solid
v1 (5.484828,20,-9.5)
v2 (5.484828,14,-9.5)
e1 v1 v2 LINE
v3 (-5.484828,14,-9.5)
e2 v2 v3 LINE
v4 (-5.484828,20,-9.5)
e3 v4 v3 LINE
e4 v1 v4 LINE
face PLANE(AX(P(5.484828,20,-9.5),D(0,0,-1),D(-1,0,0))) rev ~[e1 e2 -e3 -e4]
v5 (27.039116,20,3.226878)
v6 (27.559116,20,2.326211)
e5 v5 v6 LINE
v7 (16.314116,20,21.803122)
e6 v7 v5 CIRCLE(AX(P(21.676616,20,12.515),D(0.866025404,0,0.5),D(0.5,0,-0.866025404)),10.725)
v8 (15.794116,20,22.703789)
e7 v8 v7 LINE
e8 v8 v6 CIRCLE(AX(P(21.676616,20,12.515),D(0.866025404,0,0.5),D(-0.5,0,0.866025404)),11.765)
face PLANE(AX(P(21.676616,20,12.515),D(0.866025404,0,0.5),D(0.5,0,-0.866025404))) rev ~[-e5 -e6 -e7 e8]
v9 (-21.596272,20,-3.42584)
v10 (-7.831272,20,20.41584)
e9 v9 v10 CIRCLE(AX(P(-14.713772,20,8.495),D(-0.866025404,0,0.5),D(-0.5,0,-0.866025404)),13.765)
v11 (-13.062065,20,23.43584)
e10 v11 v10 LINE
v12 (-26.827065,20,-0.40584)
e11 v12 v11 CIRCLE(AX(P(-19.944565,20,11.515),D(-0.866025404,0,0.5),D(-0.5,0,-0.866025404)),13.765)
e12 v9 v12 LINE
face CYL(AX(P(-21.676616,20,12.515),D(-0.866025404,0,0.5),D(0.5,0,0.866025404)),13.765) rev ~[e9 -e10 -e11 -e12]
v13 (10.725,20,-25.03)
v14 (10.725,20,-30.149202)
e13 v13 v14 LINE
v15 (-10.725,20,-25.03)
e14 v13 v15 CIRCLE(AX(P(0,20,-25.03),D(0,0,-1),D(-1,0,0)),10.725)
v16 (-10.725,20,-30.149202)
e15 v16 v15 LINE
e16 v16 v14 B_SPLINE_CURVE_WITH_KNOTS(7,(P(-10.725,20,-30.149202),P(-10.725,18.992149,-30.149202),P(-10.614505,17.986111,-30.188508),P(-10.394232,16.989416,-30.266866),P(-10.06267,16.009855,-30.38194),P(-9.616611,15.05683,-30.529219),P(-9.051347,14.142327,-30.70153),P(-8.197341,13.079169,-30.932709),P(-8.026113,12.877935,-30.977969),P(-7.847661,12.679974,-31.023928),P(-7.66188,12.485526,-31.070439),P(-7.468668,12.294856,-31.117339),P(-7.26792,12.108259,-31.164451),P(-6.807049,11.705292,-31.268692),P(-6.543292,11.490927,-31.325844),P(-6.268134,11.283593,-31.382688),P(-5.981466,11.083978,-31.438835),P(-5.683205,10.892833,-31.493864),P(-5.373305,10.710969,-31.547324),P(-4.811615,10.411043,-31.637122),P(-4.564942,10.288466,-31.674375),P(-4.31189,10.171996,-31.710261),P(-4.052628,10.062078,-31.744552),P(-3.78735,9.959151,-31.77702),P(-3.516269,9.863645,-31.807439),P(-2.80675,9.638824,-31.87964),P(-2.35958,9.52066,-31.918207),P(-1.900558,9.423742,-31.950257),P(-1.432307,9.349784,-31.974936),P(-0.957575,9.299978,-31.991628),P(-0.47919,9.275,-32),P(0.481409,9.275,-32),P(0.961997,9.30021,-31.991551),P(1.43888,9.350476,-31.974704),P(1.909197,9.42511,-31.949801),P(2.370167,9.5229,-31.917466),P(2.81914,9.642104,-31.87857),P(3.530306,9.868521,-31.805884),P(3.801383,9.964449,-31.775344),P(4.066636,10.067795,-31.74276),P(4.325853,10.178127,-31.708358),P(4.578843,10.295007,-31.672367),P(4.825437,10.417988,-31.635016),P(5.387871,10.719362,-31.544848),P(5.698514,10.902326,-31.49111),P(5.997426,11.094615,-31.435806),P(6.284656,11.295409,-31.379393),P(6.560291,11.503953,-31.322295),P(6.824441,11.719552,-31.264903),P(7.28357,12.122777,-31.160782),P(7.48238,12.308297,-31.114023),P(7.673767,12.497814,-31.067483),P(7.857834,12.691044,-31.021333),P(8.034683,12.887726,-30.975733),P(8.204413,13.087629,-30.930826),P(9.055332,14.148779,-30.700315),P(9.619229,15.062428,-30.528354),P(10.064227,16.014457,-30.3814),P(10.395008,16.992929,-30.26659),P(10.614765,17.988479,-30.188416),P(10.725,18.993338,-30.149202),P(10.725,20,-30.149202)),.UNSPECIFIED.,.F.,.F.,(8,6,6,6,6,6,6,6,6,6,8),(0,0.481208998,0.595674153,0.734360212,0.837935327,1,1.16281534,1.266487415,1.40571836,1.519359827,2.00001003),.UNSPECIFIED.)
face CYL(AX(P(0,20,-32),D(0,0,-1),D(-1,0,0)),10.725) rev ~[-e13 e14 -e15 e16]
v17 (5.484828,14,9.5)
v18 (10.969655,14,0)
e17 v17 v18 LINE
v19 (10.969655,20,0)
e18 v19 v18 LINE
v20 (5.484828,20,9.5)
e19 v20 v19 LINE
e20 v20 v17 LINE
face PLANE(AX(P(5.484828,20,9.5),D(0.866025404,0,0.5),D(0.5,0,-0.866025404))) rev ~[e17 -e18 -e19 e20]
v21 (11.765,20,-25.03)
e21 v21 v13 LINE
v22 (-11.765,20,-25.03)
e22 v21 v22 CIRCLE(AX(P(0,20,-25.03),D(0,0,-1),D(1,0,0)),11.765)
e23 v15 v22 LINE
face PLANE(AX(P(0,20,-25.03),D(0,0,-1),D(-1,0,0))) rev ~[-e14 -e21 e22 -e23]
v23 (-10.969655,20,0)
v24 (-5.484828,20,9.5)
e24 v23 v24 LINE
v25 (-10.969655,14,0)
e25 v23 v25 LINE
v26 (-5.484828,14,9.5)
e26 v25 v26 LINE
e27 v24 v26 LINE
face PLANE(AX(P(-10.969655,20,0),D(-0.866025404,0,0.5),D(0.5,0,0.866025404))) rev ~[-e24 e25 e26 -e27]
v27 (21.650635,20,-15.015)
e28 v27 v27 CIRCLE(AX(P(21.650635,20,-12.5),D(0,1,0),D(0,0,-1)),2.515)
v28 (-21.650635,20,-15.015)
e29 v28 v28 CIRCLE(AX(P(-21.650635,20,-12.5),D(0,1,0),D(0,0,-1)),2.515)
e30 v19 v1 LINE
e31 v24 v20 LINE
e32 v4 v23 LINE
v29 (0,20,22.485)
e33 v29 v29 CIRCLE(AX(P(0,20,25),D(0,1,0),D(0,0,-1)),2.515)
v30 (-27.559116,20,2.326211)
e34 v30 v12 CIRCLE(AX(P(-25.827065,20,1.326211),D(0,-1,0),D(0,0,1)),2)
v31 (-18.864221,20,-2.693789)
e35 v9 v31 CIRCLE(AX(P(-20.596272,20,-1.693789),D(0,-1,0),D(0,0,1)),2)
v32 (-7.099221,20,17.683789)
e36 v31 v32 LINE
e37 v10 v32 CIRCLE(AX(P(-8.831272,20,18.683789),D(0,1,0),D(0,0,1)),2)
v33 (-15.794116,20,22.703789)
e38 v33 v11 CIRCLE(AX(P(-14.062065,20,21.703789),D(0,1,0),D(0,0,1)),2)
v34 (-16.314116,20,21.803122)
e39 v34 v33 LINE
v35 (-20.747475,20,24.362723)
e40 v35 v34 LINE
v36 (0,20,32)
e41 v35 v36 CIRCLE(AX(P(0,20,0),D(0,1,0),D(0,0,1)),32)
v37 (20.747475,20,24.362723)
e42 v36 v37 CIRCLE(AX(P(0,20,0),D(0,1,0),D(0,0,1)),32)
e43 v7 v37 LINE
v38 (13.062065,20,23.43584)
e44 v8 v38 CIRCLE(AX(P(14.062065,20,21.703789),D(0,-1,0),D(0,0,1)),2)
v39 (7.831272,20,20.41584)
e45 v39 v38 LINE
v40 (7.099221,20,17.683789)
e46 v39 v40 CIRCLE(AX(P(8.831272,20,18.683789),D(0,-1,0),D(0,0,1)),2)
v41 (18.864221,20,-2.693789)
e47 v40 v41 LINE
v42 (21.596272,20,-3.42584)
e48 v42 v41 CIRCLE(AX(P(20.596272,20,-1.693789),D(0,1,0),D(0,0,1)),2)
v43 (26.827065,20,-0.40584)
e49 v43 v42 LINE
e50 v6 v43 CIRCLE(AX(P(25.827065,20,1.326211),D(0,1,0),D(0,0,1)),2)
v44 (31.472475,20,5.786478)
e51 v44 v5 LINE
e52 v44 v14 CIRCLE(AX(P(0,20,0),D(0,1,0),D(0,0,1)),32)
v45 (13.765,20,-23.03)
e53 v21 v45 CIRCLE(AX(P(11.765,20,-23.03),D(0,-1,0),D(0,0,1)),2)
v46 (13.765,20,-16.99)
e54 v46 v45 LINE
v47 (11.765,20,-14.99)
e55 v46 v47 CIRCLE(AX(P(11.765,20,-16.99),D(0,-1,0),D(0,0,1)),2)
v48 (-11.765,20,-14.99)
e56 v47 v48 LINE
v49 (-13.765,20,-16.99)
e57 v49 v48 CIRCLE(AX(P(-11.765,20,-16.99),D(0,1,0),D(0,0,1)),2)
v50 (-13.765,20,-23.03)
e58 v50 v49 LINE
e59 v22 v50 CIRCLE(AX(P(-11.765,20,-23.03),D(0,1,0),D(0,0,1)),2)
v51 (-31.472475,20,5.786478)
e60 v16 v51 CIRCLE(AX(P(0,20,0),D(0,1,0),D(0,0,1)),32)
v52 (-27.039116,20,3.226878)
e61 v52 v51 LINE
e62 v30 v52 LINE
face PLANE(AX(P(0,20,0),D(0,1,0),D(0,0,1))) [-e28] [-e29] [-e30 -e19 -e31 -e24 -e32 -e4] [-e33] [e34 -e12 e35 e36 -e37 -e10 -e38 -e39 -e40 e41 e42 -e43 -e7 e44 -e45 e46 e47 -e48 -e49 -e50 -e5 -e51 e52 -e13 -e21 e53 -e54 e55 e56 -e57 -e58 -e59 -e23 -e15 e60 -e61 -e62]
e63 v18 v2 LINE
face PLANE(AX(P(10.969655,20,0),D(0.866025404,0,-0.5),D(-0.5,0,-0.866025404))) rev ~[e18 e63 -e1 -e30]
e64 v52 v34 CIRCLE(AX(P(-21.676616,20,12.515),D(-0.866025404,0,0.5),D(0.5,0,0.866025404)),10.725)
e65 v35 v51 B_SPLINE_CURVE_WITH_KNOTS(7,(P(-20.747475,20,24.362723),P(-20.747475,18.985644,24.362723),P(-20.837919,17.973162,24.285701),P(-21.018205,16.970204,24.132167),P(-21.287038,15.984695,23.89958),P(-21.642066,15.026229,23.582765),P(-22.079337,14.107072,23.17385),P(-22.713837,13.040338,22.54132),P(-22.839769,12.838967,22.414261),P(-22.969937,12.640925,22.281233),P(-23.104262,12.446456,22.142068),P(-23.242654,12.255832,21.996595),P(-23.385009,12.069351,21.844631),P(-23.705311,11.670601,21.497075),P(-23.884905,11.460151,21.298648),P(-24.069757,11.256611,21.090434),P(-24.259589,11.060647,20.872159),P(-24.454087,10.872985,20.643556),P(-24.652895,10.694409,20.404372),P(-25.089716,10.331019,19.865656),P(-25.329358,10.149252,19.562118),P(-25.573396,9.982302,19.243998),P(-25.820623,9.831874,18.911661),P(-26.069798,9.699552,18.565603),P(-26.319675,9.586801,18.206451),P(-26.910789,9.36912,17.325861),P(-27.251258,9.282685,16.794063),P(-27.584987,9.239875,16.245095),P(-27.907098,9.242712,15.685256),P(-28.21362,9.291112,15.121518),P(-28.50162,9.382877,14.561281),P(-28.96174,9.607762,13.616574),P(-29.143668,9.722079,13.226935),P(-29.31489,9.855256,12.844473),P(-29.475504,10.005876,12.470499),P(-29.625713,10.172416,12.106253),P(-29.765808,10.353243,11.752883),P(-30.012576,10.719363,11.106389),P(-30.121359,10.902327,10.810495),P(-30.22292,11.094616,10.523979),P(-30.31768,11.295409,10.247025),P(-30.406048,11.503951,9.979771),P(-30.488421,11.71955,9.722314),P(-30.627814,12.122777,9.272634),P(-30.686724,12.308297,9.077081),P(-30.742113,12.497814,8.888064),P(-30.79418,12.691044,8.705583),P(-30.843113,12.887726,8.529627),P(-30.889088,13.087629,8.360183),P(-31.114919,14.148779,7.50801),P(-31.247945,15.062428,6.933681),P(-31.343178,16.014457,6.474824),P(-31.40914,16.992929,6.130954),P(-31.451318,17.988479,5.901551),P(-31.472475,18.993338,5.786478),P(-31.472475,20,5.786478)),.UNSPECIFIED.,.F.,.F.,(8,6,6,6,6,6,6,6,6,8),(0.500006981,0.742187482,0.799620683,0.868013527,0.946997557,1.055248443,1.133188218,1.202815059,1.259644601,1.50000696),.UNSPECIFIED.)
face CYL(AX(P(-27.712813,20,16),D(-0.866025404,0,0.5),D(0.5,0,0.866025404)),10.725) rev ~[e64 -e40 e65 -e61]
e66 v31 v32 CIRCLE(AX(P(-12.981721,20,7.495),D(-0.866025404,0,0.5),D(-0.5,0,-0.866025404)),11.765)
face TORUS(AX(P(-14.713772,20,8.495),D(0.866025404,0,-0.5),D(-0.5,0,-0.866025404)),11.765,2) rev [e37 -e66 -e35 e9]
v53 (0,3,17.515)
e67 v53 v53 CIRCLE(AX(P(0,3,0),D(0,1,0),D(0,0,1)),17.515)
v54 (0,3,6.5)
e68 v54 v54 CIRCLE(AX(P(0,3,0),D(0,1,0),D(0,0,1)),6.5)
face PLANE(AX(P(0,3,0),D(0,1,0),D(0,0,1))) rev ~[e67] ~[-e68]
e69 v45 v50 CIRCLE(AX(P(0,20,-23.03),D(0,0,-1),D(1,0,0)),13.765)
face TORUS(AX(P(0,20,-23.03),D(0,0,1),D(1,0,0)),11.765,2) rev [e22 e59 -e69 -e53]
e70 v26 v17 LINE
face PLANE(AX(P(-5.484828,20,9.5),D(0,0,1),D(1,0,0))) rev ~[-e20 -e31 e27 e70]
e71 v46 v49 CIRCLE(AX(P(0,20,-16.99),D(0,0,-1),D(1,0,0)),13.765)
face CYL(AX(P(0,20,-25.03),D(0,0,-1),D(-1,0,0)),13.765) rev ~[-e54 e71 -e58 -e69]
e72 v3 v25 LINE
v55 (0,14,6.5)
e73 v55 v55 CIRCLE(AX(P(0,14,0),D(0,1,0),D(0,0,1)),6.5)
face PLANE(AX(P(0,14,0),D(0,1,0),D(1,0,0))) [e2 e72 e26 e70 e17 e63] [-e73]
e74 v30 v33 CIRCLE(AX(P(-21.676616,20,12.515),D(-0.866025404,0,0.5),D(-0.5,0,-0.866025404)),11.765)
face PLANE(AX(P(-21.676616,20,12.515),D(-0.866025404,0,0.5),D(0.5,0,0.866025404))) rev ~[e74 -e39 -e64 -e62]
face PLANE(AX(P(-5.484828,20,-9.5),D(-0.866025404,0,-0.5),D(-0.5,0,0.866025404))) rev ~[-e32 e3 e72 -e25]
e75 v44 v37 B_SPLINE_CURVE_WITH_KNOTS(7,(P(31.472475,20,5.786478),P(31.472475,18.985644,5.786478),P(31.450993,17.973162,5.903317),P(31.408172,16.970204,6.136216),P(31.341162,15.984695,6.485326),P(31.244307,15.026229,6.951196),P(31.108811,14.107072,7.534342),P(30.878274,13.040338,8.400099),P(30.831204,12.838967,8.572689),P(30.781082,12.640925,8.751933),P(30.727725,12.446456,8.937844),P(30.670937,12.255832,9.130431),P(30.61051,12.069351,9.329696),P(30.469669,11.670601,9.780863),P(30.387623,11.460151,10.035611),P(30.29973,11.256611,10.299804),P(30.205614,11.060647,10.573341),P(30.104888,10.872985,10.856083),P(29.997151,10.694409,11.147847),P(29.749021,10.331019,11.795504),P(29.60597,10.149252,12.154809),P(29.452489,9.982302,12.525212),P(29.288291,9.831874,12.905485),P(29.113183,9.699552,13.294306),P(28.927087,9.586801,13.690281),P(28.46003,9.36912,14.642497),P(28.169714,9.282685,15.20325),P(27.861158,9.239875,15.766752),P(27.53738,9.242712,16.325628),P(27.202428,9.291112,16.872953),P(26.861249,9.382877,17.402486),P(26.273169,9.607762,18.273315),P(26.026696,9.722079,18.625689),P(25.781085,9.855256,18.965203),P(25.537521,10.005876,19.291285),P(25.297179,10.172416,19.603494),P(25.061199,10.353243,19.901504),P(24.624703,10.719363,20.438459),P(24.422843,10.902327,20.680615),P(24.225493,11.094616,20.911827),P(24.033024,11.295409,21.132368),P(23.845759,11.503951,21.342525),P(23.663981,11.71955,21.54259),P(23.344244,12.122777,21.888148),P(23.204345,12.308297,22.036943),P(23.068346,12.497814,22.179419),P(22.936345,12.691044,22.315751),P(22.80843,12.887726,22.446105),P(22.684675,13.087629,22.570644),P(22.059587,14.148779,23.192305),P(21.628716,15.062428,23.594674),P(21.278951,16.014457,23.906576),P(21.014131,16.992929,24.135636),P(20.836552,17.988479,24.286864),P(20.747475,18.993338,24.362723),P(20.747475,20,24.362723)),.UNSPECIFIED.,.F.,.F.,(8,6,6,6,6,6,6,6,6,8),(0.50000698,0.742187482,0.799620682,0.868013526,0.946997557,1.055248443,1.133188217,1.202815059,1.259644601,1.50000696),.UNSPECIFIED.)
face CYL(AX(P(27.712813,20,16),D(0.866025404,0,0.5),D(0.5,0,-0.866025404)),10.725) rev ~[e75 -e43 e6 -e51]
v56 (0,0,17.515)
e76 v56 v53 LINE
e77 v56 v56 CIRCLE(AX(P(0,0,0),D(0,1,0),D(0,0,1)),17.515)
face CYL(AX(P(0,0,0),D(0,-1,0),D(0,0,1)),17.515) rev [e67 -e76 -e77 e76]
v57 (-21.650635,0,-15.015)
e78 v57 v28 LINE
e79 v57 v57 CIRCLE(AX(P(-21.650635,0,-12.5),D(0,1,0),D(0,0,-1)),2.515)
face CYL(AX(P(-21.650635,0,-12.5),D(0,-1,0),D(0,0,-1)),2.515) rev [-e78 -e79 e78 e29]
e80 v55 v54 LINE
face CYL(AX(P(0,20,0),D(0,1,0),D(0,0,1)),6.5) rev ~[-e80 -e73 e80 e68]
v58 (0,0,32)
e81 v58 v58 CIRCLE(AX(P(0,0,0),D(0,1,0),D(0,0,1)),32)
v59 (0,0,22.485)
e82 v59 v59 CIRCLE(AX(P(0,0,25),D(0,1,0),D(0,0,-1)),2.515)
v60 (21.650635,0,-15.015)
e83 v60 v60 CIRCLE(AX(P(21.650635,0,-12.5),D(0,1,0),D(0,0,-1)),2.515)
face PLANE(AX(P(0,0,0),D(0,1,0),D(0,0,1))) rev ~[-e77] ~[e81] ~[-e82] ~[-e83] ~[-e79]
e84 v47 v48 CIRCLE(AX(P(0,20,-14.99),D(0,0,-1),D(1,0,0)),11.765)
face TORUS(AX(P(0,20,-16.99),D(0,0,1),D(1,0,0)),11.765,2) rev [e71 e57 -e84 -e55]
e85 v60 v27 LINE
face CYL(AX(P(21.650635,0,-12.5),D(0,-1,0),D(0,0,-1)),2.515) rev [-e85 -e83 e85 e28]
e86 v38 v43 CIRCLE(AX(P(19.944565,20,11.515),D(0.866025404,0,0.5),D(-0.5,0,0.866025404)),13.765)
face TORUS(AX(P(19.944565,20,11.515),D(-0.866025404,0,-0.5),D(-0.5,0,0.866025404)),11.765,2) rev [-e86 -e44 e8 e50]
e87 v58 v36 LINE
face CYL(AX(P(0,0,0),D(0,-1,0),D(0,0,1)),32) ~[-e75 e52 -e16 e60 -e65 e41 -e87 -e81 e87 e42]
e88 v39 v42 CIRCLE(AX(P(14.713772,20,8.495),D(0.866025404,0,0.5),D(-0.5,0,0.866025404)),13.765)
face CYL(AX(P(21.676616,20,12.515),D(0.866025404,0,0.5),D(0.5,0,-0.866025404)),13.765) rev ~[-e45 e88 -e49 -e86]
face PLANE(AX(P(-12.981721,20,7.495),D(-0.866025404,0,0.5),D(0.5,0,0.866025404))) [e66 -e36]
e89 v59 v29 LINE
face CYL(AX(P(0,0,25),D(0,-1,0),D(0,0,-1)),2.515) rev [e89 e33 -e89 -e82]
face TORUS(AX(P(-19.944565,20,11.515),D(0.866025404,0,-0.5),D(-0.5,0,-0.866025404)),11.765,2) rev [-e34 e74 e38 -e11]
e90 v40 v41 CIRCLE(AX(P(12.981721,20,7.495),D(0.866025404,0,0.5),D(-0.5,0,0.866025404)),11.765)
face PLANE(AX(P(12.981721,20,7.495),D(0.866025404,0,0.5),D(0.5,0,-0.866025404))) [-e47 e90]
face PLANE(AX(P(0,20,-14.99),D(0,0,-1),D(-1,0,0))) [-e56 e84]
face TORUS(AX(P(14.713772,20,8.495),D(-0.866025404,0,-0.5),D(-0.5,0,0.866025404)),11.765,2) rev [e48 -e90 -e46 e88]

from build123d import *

# Parameters (mm, degrees)
SKETCH2_R                = 32
BOSS_EXTRUDE1_DEPTH      = 20
SKETCH3_R                = 10.725
CUT_EXTRUDE1_DEPTH       = 6.97
SKETCH4_R                = 13.765
CUT_EXTRUDE2_DEPTH       = 10.04
FILLET1_R                = 2
CIRPATTERN1_COUNT        = 3
FILLET1_OF_CIRPATTERN1_R = 2
SKETCH5_R                = 6.5
CUT_EXTRUDE3_DEPTH       = 20
SKETCH6_R                = 17.515
CUT_EXTRUDE4_DEPTH       = 3
SKETCH7_R                = 2.515
CUT_EXTRUDE5_DEPTH       = 20
CUT_EXTRUDE6_DEPTH       = 6


with BuildPart() as part:
    # Sketch2 → Boss-Extrude1 (new body)
    with BuildSketch(Plane(origin=(0, 0, 0), x_dir=(1, 0, 0), z_dir=(0, 1, 0))):
        with Locations(Location((0, 0, 0), (0, 0, 270))):
            Circle(SKETCH2_R)
    extrude(amount=BOSS_EXTRUDE1_DEPTH)

    # Sketch3 → Cut-Extrude1 (cut)
    with BuildSketch(Plane(origin=(0, 0, -32), x_dir=(-1, 0, 0), z_dir=(0, 0, -1))):
        with Locations((0, 20)):
            Circle(SKETCH3_R)
    cut_extrude1 = extrude(amount=-CUT_EXTRUDE1_DEPTH, mode=Mode.SUBTRACT)

    # Sketch4 → Cut-Extrude2 (cut)
    with BuildSketch(Plane(origin=(0, 0, -25.03), x_dir=(-1, 0, 0), z_dir=(0, 0, -1))):
        with Locations((0, 20)):
            Circle(SKETCH4_R)
    cut_extrude2 = extrude(amount=-CUT_EXTRUDE2_DEPTH, mode=Mode.SUBTRACT)

    # Fillet1
    fillet1_edges = [part.edges().sort_by_distance(p)[0] for p in [
        (0, 6.235, -25.03),
        (0, 6.235, -14.99),
    ]]
    fillet(fillet1_edges, radius=FILLET1_R)

    # CirPattern1: Cut-Extrude1, Cut-Extrude2 ×3 about axis
    cirpattern1_axis = Axis((0, 0, 0), (0, 1, 0))
    add([cut_extrude1.rotate(cirpattern1_axis, i * 360 / CIRPATTERN1_COUNT) for i in range(1, CIRPATTERN1_COUNT)], mode=Mode.SUBTRACT)
    add([cut_extrude2.rotate(cirpattern1_axis, i * 360 / CIRPATTERN1_COUNT) for i in range(1, CIRPATTERN1_COUNT)], mode=Mode.SUBTRACT)

    # Fillet1 of CirPattern1
    fillet1_of_cirpattern1_edges = [part.edges().sort_by_distance(p)[0] for p in [
        (-21.676615857, 6.235, 12.515),
        (-12.981720803, 6.235, 7.495),
        (21.676615857, 6.235, 12.515),
        (12.981720803, 6.235, 7.495),
    ]]
    fillet(fillet1_of_cirpattern1_edges, radius=FILLET1_OF_CIRPATTERN1_R)

    # Sketch5 → Cut-Extrude3 (cut)
    with BuildSketch(Plane(origin=(0, 20, 0), x_dir=(1, 0, 0), z_dir=(0, 1, 0))):
        with Locations(Location((0, 0, 0), (0, 0, 270))):
            Circle(SKETCH5_R)
    extrude(amount=-CUT_EXTRUDE3_DEPTH, mode=Mode.SUBTRACT)

    # Sketch6 → Cut-Extrude4 (cut)
    with BuildSketch(Plane(origin=(0, 0, 0), x_dir=(1, 0, 0), z_dir=(0, 1, 0))):
        with Locations(Location((0, 0, 0), (0, 0, 270))):
            Circle(SKETCH6_R)
    extrude(amount=CUT_EXTRUDE4_DEPTH, mode=Mode.SUBTRACT)

    # Sketch7 → Cut-Extrude5 (cut)
    with BuildSketch(Plane(origin=(0, 0, 0), x_dir=(1, 0, 0), z_dir=(0, 1, 0))):
        with Locations(Location((0, -25, 0), (0, 0, 90))):
            Circle(SKETCH7_R)
        with Locations(Location((-21.650635095, 12.5, 0), (0, 0, 90))):
            Circle(SKETCH7_R)
        with Locations(Location((21.650635095, 12.5, 0), (0, 0, 90))):
            Circle(SKETCH7_R)
    extrude(amount=CUT_EXTRUDE5_DEPTH, mode=Mode.SUBTRACT)

    # Sketch8 → Cut-Extrude6 (cut)
    with BuildSketch(Plane(origin=(0, 20, 0), x_dir=(1, 0, 0), z_dir=(0, 1, 0))):
        Polygon((5.484827557, 9.5), (-5.484827557, 9.5), (-10.969655115, 0), (-5.484827557, -9.5), (5.484827557, -9.5), (10.969655115, 0), align=None)
    extrude(amount=-CUT_EXTRUDE6_DEPTH, mode=Mode.SUBTRACT)


solid = part.part
